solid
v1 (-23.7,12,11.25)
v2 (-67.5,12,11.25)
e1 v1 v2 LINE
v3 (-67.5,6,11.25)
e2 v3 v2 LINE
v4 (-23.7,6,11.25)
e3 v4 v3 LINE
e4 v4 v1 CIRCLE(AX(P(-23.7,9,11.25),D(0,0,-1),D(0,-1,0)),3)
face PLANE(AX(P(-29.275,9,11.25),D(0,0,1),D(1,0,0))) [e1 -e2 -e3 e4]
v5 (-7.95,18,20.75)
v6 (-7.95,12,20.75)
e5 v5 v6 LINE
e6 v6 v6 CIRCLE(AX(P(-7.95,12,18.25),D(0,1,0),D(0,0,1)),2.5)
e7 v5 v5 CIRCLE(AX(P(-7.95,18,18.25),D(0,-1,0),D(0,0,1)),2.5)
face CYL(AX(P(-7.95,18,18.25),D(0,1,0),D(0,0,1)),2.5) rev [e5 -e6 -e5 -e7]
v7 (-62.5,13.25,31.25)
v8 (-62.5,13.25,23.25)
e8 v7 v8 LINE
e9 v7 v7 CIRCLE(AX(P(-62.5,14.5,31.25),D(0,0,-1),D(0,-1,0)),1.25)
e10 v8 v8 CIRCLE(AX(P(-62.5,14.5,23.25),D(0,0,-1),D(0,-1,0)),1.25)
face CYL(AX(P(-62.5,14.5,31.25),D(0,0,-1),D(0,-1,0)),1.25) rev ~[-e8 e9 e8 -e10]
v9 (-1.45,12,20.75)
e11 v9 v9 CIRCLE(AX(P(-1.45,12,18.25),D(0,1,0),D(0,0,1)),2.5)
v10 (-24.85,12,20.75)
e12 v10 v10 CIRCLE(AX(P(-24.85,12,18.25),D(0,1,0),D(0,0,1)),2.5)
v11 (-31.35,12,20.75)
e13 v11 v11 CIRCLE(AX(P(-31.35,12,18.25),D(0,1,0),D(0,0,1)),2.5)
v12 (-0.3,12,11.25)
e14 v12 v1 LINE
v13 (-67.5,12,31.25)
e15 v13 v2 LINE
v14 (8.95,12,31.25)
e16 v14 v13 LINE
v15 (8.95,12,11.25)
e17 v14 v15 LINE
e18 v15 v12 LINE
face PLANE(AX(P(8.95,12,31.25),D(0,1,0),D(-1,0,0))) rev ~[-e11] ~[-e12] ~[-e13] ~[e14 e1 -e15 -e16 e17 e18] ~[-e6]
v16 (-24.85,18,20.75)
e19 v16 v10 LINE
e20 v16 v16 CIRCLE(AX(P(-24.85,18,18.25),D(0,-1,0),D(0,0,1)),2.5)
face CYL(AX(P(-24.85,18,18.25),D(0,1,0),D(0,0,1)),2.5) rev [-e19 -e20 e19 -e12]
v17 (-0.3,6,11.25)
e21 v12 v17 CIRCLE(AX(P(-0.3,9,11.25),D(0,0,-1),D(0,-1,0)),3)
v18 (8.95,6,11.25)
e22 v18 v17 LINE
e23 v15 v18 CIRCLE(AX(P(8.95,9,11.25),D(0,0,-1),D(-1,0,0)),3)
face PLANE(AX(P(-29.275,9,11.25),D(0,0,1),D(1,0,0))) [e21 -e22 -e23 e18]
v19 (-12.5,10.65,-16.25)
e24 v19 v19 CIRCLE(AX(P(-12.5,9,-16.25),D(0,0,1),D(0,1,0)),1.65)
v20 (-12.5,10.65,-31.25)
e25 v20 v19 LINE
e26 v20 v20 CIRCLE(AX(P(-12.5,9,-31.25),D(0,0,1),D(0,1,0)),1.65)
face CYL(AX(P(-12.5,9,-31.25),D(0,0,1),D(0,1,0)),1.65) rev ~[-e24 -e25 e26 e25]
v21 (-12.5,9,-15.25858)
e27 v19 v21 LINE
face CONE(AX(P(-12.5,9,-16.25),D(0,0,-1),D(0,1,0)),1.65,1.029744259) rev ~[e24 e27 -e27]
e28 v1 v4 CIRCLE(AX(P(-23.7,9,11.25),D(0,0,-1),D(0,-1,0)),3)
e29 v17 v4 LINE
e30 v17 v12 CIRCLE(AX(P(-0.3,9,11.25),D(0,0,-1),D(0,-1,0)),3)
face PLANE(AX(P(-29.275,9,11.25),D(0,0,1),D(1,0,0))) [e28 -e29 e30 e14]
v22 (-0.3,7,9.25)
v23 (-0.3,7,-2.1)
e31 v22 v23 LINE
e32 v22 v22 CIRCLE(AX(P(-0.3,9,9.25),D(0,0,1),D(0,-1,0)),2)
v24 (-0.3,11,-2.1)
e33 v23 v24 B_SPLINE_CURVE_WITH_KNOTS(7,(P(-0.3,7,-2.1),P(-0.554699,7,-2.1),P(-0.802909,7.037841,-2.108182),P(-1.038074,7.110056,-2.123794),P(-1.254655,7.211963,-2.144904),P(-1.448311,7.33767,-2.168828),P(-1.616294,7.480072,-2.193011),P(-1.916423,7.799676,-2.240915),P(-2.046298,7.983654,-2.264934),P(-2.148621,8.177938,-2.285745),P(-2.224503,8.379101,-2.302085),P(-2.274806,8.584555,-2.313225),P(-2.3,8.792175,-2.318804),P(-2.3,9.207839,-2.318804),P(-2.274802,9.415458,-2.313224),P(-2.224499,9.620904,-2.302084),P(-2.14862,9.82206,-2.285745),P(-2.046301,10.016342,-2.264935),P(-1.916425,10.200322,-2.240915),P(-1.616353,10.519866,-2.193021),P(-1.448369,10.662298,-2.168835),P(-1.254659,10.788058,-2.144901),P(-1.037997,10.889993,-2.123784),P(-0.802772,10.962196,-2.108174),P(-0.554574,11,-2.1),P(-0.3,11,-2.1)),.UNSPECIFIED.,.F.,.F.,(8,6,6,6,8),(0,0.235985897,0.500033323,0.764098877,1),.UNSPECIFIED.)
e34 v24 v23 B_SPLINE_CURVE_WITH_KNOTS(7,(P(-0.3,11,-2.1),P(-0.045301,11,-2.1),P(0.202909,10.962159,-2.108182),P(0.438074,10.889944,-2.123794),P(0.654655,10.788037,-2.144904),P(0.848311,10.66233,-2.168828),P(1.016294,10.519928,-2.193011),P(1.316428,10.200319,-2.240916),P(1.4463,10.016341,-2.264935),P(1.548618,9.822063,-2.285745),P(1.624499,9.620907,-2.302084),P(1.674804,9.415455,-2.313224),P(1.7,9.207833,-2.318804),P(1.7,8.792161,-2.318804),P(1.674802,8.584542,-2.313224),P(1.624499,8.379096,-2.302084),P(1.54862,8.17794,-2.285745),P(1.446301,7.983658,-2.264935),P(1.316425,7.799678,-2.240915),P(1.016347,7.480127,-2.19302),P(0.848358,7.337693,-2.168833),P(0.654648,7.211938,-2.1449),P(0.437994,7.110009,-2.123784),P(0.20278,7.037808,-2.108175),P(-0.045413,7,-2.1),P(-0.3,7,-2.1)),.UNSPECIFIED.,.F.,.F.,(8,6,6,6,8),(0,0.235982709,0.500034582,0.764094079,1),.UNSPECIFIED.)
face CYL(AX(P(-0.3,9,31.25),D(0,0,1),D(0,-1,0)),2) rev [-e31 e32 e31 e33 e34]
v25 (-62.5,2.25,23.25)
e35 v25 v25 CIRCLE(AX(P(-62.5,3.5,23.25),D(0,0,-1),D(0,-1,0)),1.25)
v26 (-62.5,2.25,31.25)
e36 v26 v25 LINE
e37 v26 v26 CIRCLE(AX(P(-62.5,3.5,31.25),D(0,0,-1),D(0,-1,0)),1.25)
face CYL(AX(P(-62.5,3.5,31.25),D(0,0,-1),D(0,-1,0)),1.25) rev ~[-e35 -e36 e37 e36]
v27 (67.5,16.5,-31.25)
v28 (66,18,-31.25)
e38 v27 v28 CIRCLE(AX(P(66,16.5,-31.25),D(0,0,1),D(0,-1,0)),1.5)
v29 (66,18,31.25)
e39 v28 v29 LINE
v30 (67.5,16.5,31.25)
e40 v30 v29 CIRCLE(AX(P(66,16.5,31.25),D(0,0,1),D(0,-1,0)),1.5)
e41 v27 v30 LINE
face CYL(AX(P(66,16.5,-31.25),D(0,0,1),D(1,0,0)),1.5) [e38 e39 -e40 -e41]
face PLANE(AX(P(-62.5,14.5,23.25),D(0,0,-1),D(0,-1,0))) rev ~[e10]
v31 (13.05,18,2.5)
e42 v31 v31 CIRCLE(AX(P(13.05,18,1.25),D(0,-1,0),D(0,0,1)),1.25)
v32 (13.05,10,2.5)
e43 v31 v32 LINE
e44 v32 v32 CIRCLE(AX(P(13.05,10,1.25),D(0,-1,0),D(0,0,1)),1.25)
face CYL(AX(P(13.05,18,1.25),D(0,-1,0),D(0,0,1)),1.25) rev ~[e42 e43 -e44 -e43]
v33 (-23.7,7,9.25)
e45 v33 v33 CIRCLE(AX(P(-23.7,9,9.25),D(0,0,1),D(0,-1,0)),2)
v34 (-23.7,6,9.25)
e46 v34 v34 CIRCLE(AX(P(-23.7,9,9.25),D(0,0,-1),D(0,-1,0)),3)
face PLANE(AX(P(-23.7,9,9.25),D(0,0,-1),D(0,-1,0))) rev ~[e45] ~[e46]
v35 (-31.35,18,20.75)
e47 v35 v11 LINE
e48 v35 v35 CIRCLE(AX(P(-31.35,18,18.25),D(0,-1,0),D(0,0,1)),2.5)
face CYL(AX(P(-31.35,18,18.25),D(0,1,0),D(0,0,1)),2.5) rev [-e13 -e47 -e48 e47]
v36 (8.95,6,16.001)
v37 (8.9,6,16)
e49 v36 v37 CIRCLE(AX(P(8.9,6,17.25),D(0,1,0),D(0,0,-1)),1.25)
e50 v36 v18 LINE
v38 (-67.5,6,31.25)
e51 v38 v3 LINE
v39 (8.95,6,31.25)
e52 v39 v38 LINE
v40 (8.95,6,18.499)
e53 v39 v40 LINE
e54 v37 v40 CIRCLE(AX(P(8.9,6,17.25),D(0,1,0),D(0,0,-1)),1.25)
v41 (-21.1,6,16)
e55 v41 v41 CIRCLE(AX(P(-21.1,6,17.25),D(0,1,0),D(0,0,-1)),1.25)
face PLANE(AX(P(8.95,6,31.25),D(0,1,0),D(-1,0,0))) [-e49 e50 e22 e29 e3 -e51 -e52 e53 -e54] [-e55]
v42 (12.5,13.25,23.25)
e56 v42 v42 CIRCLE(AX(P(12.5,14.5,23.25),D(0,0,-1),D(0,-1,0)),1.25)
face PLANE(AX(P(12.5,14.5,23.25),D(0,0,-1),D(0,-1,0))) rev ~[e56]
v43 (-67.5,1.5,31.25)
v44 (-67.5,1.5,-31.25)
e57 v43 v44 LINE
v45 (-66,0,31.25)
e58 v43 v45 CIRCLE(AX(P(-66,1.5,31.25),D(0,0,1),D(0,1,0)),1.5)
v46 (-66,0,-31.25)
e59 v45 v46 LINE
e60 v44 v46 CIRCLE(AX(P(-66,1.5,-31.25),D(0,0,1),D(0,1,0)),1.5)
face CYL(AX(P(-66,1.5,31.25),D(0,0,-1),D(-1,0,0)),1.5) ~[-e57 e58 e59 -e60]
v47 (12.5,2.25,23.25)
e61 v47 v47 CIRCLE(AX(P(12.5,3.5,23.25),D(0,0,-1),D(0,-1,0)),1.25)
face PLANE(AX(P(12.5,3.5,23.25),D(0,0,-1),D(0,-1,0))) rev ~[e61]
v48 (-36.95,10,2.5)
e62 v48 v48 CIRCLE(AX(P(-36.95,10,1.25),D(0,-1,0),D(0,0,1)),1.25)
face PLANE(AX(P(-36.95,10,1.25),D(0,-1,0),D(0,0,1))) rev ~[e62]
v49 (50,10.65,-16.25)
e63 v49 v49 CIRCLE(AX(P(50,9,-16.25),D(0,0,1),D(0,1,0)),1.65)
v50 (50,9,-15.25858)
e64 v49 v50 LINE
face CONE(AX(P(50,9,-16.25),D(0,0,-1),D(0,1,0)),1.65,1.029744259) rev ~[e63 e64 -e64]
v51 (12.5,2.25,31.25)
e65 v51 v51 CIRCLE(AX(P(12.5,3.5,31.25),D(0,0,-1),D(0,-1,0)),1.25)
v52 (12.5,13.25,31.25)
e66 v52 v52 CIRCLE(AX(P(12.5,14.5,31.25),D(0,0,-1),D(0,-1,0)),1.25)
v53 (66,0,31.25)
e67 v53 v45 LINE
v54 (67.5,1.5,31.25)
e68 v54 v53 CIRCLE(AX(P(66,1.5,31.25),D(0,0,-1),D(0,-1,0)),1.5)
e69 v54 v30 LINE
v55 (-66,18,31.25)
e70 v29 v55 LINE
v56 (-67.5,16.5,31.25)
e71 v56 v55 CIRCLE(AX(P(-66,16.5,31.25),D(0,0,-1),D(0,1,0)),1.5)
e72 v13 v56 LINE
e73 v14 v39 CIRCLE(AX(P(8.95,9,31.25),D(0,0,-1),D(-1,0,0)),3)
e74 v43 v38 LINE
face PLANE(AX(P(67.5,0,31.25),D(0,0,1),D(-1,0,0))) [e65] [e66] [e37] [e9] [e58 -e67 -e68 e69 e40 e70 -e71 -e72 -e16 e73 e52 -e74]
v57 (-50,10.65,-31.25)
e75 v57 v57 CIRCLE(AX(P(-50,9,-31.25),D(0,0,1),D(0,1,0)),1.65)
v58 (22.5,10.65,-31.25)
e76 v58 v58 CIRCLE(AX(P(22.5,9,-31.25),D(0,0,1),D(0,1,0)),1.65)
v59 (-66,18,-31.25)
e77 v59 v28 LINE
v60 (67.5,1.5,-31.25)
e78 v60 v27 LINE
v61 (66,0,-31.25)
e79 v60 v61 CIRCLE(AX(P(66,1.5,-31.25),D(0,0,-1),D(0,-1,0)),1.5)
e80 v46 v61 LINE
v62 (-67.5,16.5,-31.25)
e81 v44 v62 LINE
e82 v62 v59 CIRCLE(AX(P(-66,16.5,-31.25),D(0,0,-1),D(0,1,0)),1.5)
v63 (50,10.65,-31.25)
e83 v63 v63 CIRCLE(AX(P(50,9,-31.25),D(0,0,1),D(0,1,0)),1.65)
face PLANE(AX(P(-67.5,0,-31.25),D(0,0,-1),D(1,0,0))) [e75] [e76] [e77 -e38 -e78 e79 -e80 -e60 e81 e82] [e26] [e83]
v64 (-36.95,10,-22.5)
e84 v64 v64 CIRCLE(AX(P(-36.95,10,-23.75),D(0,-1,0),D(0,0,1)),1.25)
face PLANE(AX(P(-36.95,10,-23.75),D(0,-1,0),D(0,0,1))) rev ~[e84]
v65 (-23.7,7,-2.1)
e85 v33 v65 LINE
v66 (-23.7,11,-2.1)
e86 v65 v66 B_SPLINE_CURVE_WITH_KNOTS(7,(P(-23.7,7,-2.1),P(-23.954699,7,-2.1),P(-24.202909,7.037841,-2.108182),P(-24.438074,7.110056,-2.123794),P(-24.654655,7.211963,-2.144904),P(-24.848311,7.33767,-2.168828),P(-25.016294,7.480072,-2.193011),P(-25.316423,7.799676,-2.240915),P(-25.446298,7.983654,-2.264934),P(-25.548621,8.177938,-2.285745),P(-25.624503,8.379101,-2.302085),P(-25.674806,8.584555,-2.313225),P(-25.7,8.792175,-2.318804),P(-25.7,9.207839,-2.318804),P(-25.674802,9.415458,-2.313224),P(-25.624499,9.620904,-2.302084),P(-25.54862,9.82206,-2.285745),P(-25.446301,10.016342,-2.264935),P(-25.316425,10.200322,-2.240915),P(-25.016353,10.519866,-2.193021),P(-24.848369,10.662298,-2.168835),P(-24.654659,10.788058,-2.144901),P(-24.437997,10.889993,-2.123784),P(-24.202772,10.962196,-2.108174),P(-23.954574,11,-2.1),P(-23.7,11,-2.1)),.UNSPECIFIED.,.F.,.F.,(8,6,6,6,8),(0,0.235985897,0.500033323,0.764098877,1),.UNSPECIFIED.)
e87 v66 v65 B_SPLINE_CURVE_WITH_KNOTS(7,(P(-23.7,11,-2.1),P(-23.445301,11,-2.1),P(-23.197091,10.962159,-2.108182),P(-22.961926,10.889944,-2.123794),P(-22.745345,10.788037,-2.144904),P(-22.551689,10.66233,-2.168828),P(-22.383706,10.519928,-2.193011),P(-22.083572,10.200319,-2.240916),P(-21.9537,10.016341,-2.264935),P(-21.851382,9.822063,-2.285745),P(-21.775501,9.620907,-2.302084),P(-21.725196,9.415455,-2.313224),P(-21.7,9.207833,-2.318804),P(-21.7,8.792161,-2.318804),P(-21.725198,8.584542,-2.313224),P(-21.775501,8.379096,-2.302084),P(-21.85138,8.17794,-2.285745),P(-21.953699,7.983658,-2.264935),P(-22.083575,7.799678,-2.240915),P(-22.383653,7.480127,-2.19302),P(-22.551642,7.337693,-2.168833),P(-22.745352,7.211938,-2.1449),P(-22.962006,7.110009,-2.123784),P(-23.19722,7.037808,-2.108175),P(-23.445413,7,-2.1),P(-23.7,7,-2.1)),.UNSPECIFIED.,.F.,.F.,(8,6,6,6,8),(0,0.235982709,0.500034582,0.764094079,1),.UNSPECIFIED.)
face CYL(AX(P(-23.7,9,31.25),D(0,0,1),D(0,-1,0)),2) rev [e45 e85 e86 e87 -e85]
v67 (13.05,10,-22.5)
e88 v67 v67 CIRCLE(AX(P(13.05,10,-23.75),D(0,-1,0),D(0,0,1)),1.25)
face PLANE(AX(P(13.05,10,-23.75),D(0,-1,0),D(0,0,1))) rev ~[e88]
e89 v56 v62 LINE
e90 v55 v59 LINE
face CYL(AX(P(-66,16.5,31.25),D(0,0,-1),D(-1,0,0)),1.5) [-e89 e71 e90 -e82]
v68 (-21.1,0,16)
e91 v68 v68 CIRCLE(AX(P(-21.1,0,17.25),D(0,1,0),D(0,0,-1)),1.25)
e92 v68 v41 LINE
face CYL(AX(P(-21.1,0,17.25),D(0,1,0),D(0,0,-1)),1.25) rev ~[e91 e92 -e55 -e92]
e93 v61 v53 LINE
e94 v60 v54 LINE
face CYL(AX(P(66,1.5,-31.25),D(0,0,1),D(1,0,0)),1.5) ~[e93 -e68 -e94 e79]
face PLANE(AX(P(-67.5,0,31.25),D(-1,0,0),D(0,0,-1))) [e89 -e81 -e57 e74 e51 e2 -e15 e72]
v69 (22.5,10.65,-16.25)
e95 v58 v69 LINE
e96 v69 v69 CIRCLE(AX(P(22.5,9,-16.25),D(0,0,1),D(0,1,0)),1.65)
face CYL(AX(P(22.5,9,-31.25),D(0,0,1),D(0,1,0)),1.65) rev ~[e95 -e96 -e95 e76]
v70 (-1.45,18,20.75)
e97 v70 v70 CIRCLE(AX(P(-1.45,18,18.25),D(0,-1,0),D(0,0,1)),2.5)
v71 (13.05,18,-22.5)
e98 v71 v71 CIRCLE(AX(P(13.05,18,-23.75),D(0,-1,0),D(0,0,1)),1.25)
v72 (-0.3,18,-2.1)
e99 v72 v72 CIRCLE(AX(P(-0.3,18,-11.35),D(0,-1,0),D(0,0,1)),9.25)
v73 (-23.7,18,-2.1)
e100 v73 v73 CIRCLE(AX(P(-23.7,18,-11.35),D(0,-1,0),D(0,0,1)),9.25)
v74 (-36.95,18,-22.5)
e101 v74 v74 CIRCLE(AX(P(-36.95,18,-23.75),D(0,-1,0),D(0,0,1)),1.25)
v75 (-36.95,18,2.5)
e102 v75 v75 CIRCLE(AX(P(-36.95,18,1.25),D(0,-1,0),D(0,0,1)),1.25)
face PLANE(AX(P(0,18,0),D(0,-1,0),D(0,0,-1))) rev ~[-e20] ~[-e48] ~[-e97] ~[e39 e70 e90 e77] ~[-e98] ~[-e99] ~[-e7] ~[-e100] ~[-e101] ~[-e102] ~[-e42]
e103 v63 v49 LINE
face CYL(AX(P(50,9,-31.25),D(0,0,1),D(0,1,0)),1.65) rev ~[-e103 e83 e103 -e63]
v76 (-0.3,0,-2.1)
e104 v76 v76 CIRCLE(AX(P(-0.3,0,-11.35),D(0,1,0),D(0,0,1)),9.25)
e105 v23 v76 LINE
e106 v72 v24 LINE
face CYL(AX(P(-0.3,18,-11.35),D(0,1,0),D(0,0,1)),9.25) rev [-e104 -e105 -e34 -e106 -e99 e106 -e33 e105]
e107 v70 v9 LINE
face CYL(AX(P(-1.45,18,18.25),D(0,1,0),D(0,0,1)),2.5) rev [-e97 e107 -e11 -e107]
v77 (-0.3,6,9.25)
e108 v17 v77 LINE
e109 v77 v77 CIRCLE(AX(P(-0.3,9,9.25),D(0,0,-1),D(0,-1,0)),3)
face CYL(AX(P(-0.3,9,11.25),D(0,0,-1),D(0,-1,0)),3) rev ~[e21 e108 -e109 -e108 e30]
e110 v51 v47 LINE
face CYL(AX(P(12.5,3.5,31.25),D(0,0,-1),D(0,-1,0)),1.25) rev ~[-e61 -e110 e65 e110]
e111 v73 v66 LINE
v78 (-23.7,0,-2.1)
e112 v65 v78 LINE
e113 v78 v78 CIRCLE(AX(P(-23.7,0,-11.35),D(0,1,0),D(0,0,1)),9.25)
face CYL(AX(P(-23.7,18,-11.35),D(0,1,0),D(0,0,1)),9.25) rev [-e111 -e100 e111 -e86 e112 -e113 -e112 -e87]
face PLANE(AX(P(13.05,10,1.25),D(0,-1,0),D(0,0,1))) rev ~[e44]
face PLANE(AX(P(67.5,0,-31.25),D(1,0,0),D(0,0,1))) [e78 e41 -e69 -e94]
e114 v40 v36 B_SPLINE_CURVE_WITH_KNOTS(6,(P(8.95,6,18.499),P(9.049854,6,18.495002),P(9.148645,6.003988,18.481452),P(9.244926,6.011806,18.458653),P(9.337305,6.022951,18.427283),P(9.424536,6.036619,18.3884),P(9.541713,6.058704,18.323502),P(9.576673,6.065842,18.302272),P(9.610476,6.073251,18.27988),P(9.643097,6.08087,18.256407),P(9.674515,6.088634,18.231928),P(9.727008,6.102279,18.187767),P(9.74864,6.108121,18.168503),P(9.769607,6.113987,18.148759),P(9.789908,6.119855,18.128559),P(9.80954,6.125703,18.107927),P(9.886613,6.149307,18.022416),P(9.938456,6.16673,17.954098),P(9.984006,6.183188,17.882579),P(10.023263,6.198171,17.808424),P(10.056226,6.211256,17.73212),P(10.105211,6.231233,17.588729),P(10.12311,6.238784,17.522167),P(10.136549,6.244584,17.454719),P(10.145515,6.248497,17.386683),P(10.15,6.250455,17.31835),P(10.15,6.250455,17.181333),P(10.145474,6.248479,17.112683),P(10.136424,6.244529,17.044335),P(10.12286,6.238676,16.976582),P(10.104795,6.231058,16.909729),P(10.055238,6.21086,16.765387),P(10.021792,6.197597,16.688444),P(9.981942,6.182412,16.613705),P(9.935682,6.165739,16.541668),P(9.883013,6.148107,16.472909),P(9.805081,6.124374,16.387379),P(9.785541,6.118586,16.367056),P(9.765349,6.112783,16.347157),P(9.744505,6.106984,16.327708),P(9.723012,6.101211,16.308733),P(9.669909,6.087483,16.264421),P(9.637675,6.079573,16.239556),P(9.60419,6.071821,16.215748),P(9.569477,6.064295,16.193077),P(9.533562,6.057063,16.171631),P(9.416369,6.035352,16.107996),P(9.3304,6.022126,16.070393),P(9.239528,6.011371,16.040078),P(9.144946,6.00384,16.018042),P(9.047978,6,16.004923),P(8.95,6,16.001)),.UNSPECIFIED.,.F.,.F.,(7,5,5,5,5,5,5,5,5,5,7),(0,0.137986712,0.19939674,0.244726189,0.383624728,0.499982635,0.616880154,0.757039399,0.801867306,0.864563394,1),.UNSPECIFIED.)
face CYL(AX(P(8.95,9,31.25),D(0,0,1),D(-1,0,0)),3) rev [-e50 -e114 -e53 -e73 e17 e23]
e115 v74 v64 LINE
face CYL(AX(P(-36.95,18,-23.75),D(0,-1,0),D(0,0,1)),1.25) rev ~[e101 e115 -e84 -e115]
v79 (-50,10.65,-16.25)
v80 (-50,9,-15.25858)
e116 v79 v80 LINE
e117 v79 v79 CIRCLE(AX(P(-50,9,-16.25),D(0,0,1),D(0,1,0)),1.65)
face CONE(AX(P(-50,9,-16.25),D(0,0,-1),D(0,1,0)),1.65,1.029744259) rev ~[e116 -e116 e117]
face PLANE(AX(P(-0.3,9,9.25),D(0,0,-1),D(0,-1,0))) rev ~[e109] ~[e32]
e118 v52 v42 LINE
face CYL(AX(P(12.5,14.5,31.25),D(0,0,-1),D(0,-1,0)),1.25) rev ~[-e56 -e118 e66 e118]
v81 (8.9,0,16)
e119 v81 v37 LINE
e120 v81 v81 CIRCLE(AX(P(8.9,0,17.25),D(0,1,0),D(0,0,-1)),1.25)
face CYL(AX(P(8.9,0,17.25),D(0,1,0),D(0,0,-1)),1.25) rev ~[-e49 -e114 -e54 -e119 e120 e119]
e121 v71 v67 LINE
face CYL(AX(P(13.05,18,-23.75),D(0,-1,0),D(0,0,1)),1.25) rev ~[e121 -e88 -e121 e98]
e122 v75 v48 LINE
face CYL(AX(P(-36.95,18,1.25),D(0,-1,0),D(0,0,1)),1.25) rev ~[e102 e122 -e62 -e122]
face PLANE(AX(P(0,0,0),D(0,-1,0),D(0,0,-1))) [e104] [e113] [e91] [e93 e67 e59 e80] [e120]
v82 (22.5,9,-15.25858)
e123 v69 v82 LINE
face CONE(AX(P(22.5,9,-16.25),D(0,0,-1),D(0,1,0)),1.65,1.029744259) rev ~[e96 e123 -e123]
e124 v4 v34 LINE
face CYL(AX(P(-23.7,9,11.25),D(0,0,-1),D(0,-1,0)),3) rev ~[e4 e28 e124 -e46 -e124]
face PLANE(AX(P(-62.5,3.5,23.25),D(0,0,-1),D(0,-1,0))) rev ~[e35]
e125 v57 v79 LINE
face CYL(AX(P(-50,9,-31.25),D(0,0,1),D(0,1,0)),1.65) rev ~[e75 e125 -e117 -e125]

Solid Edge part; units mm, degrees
sketch "Sketch1" plane through (0, 0, 0) normal (0, -1, 0) x (1, 0, 0)
  line L0 (-67.5, -31.25) -> (67.5, -31.25)
  line L1 (67.5, -31.25) -> (67.5, 31.25)
  line L2 (67.5, 31.25) -> (-67.5, 31.25)
  line L3 (-67.5, 31.25) -> (-67.5, -31.25)
  dimension "D1" = 135
  dimension "D2" = 62.5
extrude "Protrusion1" add sketch "Sketch1" against normal blind 18
hole "Hole_1" at (-0.3, 18, -11.35) direction (0, -1, 0) diameter 18.5 end through all
hole "Hole1" at (-23.7, 18, -11.35) direction (0, -1, 0) diameter 18.5 end through all
hole "Hole_3" at (13.05, 18, 1.25) direction (0, -1, 0) diameter 2.5 depth 8
hole "Hole2" at (13.05, 18, -23.75) direction (0, -1, 0) diameter 2.5 depth 8
hole "Hole3" at (-36.95, 18, -23.75) direction (0, -1, 0) diameter 2.5 depth 8
hole "Hole4" at (-36.95, 18, 1.25) direction (0, -1, 0) diameter 2.5 depth 8
hole "Hole_7" at (-0.3, 9, 31.25) direction (0, 0, -1) diameter 4 end up to next
hole "Hole5" at (-23.7, 9, 31.25) direction (0, 0, -1) diameter 4 end up to next
sketch "Sketch2" plane through (0, 9, 31.25) normal (0, 0, 1) x (-1, 0, 0)
  line L0 (-8.95, -3) -> (67.5, -3)
  arc A0 (67.5, 3) -> (67.5, -3) centre (67.5, 0) cw
  line L1 (-8.95, 3) -> (67.5, 3)
  arc A1 (-8.95, -3) -> (-8.95, 3) centre (-8.95, 0) cw
extrude "ExtrudedCutout_2" cut sketch "Sketch2" against normal blind 20
hole "Hole_9" at (-23.7, 9, 11.25) direction (0, 0, -1) diameter 6 depth 2
hole "Hole6" at (-0.3, 9, 11.25) direction (0, 0, -1) diameter 6 depth 2
fillet "Round_1" radius 1.5 4 edges at (67.5, 18, 0) (67.5, 0, 0) (-67.5, 18, 0) (-67.5, 0, 0)
hole "Hole_11" at (50, 9, -31.25) direction (0, 0, 1) diameter 3.3 depth 15 tip angle 118
hole "Hole7" at (-50, 9, -31.25) direction (0, 0, 1) diameter 3.3 depth 15 tip angle 118
hole "Hole8" at (22.5, 9, -31.25) direction (0, 0, 1) diameter 3.3 depth 15 tip angle 118
hole "Hole9" at (-12.5, 9, -31.25) direction (0, 0, 1) diameter 3.3 depth 15 tip angle 118
hole "Hole_15" at (12.5, 14.5, 31.25) direction (0, 0, -1) diameter 2.5 depth 8
hole "Hole10" at (12.5, 3.5, 31.25) direction (0, 0, -1) diameter 2.5 depth 8
hole "Hole11" at (-62.5, 3.5, 31.25) direction (0, 0, -1) diameter 2.5 depth 8
hole "Hole12" at (-62.5, 14.5, 31.25) direction (0, 0, -1) diameter 2.5 depth 8
hole "Hole_19" at (8.9, 0, 17.25) direction (0, 1, 0) diameter 2.5 depth 8
hole "Hole13" at (-21.1, 0, 17.25) direction (0, 1, 0) diameter 2.5 depth 8
hole "Hole_21" at (-1.45, 18, 18.25) direction (0, -1, 0) diameter 5 end up to next
hole "Hole14" at (-7.95, 18, 18.25) direction (0, -1, 0) diameter 5 end up to next
hole "Hole15" at (-24.85, 18, 18.25) direction (0, -1, 0) diameter 5 end up to next
hole "Hole16" at (-31.35, 18, 18.25) direction (0, -1, 0) diameter 5 end up to next
properties material "Acrylic, high impact grade"
